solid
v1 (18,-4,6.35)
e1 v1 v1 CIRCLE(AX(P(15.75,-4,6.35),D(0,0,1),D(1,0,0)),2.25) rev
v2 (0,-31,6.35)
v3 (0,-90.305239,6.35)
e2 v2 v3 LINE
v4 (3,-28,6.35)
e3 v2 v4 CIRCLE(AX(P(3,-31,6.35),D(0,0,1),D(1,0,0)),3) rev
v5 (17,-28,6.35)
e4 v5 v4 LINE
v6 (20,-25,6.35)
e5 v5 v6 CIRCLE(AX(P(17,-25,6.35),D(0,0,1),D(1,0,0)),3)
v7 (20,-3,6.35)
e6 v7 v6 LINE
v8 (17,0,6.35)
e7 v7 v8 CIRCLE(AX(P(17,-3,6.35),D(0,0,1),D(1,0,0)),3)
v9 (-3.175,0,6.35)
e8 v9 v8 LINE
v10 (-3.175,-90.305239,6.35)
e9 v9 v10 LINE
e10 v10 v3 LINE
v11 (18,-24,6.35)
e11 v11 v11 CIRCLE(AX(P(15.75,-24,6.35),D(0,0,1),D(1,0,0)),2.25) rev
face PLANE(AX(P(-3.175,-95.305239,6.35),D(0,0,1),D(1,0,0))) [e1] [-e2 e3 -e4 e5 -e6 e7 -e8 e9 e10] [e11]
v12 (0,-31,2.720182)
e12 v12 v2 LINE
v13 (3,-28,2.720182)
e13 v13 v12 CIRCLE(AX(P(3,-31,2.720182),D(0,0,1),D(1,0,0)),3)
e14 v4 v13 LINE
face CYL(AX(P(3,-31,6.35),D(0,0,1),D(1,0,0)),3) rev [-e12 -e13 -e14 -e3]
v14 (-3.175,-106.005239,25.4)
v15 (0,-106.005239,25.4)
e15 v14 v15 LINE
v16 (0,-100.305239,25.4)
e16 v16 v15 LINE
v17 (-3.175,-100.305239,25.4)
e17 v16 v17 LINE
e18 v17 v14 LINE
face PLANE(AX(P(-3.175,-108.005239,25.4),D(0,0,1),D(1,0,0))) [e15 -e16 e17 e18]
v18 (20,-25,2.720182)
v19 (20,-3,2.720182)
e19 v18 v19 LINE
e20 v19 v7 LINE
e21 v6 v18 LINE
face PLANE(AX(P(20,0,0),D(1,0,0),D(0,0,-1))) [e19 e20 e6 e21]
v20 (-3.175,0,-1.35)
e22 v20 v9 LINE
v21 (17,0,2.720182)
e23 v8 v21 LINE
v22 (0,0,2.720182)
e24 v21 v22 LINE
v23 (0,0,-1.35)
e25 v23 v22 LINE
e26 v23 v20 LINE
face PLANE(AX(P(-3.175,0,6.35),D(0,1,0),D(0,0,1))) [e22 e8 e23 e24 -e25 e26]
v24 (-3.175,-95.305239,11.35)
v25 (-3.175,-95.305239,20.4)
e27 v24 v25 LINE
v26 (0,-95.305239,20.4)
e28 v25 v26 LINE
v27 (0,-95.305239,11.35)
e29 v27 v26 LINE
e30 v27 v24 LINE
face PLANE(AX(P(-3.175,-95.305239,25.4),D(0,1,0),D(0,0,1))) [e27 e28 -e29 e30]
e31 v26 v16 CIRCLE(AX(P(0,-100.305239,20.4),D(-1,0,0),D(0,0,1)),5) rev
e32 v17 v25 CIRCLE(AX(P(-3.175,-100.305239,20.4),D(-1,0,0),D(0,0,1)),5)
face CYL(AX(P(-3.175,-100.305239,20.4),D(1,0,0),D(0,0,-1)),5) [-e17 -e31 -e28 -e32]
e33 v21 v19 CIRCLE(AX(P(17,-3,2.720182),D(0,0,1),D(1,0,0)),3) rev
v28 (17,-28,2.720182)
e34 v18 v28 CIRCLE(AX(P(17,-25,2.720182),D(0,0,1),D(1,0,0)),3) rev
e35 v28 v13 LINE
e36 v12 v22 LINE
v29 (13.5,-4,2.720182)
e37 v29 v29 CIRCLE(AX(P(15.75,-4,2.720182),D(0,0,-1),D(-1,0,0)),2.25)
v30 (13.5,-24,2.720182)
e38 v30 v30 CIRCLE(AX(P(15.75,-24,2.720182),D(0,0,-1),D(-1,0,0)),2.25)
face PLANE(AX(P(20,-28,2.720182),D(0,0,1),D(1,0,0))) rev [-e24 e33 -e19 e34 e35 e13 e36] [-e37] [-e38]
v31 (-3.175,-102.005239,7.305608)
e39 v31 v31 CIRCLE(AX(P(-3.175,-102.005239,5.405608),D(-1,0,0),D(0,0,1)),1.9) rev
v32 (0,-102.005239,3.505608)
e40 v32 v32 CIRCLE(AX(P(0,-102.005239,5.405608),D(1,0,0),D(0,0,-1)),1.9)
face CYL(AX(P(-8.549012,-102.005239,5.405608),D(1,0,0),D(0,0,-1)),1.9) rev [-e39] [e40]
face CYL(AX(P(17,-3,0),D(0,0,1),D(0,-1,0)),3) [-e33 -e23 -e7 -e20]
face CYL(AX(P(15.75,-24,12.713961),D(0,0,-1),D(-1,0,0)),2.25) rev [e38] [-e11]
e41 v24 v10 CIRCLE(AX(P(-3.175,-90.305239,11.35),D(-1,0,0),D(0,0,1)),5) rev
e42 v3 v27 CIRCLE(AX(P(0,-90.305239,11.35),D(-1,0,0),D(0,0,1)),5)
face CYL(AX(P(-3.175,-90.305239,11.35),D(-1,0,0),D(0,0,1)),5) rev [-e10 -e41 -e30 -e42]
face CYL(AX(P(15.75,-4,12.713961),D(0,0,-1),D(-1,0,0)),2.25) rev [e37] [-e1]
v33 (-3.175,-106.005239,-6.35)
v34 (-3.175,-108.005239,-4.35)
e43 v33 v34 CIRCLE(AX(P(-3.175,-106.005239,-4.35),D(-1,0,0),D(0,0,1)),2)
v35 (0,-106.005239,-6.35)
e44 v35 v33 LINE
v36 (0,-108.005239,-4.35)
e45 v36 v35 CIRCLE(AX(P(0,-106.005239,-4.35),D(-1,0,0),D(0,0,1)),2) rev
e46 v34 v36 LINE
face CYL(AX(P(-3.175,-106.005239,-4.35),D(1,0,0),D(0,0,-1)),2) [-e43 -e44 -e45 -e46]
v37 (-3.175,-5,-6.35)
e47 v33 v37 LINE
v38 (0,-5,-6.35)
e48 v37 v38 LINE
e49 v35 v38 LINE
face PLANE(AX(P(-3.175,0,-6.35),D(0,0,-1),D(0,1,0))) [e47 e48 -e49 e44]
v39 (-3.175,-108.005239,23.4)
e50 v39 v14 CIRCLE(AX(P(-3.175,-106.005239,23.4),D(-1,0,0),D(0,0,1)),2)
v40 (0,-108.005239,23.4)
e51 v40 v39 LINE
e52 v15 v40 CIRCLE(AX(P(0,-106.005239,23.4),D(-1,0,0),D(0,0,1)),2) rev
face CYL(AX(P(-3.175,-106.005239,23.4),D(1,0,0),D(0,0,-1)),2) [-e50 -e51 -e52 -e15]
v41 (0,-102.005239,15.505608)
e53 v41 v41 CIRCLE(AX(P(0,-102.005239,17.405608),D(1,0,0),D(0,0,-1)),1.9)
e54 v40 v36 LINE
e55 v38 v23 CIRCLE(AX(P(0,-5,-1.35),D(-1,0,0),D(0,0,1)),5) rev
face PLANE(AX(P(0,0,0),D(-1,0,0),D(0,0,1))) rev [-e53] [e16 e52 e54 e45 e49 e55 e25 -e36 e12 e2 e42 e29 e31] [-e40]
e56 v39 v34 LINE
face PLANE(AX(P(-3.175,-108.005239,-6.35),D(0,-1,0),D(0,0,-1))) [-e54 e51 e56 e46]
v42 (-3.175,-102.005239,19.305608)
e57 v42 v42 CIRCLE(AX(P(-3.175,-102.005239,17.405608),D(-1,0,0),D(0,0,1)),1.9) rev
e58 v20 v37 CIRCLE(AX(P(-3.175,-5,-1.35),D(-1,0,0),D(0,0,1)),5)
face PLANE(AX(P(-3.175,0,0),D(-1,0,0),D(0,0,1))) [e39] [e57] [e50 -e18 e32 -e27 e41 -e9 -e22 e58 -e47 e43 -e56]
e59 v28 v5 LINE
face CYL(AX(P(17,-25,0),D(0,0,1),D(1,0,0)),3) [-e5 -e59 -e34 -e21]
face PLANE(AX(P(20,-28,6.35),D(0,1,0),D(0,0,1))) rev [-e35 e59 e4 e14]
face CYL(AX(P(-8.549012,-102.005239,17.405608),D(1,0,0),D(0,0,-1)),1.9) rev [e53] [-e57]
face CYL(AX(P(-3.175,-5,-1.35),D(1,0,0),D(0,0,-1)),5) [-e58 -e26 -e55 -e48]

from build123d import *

# Parameters (mm, degrees)
BOSS_EXTRUDE1_DEPTH = 3.175
FILLET1_R           = 5
SKETCH3_W           = 3.629817958
SKETCH3_H           = 28
BOSS_EXTRUDE2_DEPTH = 20
SKETCH4_R           = 2.25
CUT_EXTRUDE1_DEPTH  = 3.629817958
FILLET2_R           = 3
FILLET3_R           = 2
SKETCH6_R           = 1.9
CUT_EXTRUDE2_DEPTH  = 3.175


with BuildPart() as part:
    # Sketch2 → Boss-Extrude1 (new body)
    with BuildSketch(Plane(origin=(0, 0, 0), x_dir=(0, 0, -1), z_dir=(1, 0, 0))):
        Polygon((-25.4, -95.305238918), (-6.35, -95.305238918), (-6.35, 0), (6.35, 0), (6.35, -108.005238918), (-25.4, -108.005238918), align=None)
    extrude(amount=-BOSS_EXTRUDE1_DEPTH)

    # Fillet1
    fillet1_edges = [part.edges().sort_by_distance(p)[0] for p in [
        (-1.5875, -95.305238918, 25.4),
        (-1.5875, -95.305238918, 6.35),
        (-1.5875, 0, -6.35),
    ]]
    fillet(fillet1_edges, radius=FILLET1_R)

    # Sketch3 → Boss-Extrude2 (add)
    with BuildSketch(Plane(origin=(0, 0, 0), x_dir=(0, 0, -1), z_dir=(1, 0, 0))):
        with Locations((-4.535091021, -14)):
            Rectangle(SKETCH3_W, SKETCH3_H)
    extrude(amount=BOSS_EXTRUDE2_DEPTH)

    # Sketch4 → Cut-Extrude1 (cut)
    with BuildSketch(Plane(origin=(0, 0, 2.720182042), x_dir=(-1, 0, 0), z_dir=(0, 0, -1))):
        with Locations((-15.75, -24)):
            Circle(SKETCH4_R)
        with Locations((-15.75, -4)):
            Circle(SKETCH4_R)
    extrude(amount=-CUT_EXTRUDE1_DEPTH, mode=Mode.SUBTRACT)

    # Fillet2
    fillet2_edges = [part.edges().sort_by_distance(p)[0] for p in [
        (0, -28, 4.535091021),
        (20, 0, 4.535091021),
        (20, -28, 4.535091021),
    ]]
    fillet(fillet2_edges, radius=FILLET2_R)

    # Fillet3
    fillet3_edges = [part.edges().sort_by_distance(p)[0] for p in [
        (-1.5875, -108.005238918, -6.35),
        (-1.5875, -108.005238918, 25.4),
    ]]
    fillet(fillet3_edges, radius=FILLET3_R)

    # Sketch6 → Cut-Extrude2 (cut)
    with BuildSketch(Plane(origin=(0, 0, 0), x_dir=(0, 0, -1), z_dir=(1, 0, 0))):
        with Locations((-5.405608289, -102.005238918)):
            Circle(SKETCH6_R)
        with Locations((-17.405608289, -102.005238918)):
            Circle(SKETCH6_R)
    extrude(amount=-CUT_EXTRUDE2_DEPTH, mode=Mode.SUBTRACT)


solid = part.part
